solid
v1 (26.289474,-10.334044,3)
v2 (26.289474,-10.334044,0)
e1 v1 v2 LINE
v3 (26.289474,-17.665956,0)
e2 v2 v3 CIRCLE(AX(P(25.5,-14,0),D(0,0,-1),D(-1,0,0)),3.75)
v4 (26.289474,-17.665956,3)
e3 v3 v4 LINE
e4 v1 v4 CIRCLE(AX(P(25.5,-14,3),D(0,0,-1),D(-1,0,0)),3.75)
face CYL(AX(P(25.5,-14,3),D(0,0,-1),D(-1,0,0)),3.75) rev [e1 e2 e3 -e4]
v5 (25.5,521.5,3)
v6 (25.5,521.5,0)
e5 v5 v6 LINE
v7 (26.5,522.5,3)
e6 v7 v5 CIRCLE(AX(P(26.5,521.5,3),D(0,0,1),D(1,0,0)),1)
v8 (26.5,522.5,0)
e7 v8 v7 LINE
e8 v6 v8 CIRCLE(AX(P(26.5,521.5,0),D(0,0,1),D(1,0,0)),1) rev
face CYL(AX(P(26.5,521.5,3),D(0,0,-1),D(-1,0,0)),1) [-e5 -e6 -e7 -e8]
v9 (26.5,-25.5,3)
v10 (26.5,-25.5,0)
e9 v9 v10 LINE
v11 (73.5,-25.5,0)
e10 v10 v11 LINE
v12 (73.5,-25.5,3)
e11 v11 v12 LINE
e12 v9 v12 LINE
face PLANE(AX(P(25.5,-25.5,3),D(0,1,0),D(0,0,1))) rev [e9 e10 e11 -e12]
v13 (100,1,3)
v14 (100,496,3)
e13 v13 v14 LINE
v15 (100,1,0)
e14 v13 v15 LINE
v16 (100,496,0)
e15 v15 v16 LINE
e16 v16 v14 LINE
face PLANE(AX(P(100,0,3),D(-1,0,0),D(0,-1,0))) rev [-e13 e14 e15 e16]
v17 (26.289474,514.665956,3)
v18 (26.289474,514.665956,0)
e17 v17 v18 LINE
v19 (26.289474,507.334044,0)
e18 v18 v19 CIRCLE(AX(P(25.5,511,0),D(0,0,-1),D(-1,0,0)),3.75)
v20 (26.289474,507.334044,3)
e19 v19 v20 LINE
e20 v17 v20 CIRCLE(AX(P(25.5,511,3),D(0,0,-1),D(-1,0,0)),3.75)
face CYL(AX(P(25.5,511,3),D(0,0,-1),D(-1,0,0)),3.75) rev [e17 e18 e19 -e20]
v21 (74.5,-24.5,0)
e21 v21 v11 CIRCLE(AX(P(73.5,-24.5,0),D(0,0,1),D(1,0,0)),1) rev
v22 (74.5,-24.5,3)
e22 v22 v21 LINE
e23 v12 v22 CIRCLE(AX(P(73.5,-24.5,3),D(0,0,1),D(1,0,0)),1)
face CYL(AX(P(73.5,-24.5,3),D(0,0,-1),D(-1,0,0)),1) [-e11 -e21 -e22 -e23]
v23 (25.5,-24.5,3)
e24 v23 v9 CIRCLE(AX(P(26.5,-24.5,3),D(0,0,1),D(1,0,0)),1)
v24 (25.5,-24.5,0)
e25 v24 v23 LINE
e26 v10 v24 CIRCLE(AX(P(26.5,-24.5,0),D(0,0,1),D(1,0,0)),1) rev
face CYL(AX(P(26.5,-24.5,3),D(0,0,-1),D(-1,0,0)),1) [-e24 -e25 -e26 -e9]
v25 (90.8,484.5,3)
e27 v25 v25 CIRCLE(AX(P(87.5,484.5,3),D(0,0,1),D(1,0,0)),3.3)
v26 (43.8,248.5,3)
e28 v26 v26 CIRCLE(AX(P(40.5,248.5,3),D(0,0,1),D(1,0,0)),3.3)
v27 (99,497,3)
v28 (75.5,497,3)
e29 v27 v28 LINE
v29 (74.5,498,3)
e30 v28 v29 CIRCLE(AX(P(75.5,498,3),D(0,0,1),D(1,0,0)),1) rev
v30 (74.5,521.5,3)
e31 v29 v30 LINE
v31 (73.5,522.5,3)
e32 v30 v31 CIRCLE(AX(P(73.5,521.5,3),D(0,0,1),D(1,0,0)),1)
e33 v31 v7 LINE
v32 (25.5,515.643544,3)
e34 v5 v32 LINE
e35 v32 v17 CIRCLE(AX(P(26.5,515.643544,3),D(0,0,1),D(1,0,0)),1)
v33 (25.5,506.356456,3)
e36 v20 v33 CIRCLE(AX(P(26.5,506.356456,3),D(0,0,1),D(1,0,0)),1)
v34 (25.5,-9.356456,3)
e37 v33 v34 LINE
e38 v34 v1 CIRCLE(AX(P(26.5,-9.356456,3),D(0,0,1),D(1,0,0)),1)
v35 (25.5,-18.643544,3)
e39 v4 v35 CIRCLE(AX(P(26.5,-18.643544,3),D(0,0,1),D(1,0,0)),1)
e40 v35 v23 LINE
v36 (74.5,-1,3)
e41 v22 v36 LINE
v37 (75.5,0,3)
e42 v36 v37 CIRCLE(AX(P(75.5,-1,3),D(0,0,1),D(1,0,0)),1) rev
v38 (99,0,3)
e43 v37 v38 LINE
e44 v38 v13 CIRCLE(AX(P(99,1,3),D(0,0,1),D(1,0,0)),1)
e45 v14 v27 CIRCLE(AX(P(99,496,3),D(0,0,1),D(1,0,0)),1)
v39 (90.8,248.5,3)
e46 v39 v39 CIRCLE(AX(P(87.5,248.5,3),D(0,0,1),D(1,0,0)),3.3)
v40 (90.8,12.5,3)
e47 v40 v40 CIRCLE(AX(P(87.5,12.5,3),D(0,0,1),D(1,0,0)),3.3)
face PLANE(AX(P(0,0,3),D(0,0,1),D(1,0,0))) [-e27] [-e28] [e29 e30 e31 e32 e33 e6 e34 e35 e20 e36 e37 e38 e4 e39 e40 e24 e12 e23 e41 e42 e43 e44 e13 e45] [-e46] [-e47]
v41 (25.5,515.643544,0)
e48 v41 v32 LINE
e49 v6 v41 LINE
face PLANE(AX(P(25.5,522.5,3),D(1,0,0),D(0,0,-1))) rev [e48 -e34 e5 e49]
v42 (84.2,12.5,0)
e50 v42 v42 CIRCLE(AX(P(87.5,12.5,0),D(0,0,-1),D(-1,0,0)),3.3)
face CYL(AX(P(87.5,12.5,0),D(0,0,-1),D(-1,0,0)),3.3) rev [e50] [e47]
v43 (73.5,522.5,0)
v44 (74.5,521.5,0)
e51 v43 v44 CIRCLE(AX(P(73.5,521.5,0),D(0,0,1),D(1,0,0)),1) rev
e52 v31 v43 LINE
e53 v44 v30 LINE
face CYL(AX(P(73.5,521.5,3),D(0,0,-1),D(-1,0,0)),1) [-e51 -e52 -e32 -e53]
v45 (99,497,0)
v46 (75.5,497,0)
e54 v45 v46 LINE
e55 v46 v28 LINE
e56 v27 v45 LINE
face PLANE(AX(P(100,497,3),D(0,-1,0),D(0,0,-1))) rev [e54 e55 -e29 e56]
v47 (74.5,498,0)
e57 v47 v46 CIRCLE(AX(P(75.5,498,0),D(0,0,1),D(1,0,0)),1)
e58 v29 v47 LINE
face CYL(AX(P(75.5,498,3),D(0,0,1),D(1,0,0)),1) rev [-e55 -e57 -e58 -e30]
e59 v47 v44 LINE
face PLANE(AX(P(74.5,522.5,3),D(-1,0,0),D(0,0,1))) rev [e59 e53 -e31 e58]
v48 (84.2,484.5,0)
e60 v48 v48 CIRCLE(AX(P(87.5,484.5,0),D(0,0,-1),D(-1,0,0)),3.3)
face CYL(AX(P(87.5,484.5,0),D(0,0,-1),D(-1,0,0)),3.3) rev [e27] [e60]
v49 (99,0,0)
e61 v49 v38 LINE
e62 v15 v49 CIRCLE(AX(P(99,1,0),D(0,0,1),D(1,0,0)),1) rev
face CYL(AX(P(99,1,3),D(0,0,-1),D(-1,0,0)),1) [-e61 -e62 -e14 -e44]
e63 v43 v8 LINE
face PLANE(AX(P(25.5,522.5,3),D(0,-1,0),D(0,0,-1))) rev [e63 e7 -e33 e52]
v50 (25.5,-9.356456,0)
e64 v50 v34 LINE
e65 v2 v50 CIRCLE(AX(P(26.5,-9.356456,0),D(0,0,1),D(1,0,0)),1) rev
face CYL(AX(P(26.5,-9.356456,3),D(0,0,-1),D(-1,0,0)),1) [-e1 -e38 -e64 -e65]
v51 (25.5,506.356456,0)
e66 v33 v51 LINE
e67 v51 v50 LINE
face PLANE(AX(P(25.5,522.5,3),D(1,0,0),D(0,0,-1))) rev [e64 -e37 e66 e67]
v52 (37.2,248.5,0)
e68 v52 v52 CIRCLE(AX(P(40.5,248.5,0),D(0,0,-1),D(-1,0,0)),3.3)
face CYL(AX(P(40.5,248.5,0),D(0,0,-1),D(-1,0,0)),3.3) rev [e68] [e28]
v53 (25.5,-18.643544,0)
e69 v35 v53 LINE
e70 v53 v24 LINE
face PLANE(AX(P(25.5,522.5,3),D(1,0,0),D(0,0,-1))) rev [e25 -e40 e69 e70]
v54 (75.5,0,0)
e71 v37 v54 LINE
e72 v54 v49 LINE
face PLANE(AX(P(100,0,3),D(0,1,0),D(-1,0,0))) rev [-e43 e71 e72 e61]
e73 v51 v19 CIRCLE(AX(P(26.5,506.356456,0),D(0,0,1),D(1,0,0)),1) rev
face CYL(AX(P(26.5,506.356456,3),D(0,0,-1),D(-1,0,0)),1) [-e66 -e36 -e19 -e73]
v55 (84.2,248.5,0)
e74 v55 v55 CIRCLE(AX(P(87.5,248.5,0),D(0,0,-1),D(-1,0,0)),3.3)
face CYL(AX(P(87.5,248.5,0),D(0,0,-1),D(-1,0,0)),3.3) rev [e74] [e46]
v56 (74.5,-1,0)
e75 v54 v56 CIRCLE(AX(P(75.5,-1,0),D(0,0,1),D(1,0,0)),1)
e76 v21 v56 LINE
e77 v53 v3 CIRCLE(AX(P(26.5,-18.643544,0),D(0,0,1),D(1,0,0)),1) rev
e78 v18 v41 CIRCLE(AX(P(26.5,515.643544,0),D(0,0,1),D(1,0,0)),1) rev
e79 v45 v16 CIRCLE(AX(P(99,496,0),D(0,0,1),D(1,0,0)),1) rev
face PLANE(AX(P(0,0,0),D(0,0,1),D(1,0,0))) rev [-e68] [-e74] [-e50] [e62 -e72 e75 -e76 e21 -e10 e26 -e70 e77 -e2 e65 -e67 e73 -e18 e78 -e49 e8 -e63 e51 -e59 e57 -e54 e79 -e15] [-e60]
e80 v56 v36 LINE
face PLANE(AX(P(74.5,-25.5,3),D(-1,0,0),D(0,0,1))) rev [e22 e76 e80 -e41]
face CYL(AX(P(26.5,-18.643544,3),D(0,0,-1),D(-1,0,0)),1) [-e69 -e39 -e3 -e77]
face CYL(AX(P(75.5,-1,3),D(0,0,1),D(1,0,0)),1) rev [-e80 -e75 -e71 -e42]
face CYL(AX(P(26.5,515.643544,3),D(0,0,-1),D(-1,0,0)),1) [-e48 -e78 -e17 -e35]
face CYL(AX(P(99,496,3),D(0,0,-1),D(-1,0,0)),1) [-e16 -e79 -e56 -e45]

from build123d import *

# Parameters (mm, degrees)
BOSS_EXTRUDE1_DEPTH  = 3
M6_CLEARANCE_HOLE1_D = 6.6
M6_CLEARANCE_HOLE2_D = 6.6
SKETCH6_R            = 3.75
CUT_EXTRUDE1_DEPTH   = 532.991776252
FILLET1_R            = 1


with BuildPart() as part:
    # Sketch1 → Boss-Extrude1 (new body)
    with BuildSketch(Plane.XY):
        Polygon((25.5, 522.5), (25.5, -25.5), (74.5, -25.5), (74.5, 0), (100, 0), (100, 497), (74.5, 497), (74.5, 522.5), align=None)
    extrude(amount=BOSS_EXTRUDE1_DEPTH)

    # M6 Clearance Hole1 (through all)
    with Locations(Plane(origin=(0, 0, 0), x_dir=(-1, 0, 0), z_dir=(0, 0, -1))):
        with Locations((-87.5, 12.5), (-87.5, 484.5), (-87.5, 248.5)):
            Hole(M6_CLEARANCE_HOLE1_D / 2)

    # M6 Clearance Hole2 (through all)
    with Locations(Plane(origin=(0, 0, 0), x_dir=(-1, 0, 0), z_dir=(0, 0, -1))):
        with Locations((-40.5, 248.5)):
            Hole(M6_CLEARANCE_HOLE2_D / 2)

    # Sketch6 → Cut-Extrude1 (cut, through all)
    with BuildSketch(Plane(origin=(0, 0, 0), x_dir=(-1, 0, 0), z_dir=(0, 0, -1))):
        with Locations((-25.5, -14)):
            Circle(SKETCH6_R)
        with Locations((-25.5, 511)):
            Circle(SKETCH6_R)
    extrude(amount=-CUT_EXTRUDE1_DEPTH, mode=Mode.SUBTRACT)

    # Fillet1
    fillet1_edges = [part.edges().sort_by_distance(p)[0] for p in [
        (74.5, -25.5, 1.5),
        (25.5, -25.5, 1.5),
        (25.5, 522.5, 1.5),
        (74.5, 522.5, 1.5),
        (74.5, 497, 1.5),
        (100, 497, 1.5),
        (100, 0, 1.5),
        (74.5, 0, 1.5),
        (25.5, -17.75, 1.5),
        (25.5, -10.25, 1.5),
        (25.5, 507.25, 1.5),
        (25.5, 514.75, 1.5),
    ]]
    fillet(fillet1_edges, radius=FILLET1_R)


solid = part.part
